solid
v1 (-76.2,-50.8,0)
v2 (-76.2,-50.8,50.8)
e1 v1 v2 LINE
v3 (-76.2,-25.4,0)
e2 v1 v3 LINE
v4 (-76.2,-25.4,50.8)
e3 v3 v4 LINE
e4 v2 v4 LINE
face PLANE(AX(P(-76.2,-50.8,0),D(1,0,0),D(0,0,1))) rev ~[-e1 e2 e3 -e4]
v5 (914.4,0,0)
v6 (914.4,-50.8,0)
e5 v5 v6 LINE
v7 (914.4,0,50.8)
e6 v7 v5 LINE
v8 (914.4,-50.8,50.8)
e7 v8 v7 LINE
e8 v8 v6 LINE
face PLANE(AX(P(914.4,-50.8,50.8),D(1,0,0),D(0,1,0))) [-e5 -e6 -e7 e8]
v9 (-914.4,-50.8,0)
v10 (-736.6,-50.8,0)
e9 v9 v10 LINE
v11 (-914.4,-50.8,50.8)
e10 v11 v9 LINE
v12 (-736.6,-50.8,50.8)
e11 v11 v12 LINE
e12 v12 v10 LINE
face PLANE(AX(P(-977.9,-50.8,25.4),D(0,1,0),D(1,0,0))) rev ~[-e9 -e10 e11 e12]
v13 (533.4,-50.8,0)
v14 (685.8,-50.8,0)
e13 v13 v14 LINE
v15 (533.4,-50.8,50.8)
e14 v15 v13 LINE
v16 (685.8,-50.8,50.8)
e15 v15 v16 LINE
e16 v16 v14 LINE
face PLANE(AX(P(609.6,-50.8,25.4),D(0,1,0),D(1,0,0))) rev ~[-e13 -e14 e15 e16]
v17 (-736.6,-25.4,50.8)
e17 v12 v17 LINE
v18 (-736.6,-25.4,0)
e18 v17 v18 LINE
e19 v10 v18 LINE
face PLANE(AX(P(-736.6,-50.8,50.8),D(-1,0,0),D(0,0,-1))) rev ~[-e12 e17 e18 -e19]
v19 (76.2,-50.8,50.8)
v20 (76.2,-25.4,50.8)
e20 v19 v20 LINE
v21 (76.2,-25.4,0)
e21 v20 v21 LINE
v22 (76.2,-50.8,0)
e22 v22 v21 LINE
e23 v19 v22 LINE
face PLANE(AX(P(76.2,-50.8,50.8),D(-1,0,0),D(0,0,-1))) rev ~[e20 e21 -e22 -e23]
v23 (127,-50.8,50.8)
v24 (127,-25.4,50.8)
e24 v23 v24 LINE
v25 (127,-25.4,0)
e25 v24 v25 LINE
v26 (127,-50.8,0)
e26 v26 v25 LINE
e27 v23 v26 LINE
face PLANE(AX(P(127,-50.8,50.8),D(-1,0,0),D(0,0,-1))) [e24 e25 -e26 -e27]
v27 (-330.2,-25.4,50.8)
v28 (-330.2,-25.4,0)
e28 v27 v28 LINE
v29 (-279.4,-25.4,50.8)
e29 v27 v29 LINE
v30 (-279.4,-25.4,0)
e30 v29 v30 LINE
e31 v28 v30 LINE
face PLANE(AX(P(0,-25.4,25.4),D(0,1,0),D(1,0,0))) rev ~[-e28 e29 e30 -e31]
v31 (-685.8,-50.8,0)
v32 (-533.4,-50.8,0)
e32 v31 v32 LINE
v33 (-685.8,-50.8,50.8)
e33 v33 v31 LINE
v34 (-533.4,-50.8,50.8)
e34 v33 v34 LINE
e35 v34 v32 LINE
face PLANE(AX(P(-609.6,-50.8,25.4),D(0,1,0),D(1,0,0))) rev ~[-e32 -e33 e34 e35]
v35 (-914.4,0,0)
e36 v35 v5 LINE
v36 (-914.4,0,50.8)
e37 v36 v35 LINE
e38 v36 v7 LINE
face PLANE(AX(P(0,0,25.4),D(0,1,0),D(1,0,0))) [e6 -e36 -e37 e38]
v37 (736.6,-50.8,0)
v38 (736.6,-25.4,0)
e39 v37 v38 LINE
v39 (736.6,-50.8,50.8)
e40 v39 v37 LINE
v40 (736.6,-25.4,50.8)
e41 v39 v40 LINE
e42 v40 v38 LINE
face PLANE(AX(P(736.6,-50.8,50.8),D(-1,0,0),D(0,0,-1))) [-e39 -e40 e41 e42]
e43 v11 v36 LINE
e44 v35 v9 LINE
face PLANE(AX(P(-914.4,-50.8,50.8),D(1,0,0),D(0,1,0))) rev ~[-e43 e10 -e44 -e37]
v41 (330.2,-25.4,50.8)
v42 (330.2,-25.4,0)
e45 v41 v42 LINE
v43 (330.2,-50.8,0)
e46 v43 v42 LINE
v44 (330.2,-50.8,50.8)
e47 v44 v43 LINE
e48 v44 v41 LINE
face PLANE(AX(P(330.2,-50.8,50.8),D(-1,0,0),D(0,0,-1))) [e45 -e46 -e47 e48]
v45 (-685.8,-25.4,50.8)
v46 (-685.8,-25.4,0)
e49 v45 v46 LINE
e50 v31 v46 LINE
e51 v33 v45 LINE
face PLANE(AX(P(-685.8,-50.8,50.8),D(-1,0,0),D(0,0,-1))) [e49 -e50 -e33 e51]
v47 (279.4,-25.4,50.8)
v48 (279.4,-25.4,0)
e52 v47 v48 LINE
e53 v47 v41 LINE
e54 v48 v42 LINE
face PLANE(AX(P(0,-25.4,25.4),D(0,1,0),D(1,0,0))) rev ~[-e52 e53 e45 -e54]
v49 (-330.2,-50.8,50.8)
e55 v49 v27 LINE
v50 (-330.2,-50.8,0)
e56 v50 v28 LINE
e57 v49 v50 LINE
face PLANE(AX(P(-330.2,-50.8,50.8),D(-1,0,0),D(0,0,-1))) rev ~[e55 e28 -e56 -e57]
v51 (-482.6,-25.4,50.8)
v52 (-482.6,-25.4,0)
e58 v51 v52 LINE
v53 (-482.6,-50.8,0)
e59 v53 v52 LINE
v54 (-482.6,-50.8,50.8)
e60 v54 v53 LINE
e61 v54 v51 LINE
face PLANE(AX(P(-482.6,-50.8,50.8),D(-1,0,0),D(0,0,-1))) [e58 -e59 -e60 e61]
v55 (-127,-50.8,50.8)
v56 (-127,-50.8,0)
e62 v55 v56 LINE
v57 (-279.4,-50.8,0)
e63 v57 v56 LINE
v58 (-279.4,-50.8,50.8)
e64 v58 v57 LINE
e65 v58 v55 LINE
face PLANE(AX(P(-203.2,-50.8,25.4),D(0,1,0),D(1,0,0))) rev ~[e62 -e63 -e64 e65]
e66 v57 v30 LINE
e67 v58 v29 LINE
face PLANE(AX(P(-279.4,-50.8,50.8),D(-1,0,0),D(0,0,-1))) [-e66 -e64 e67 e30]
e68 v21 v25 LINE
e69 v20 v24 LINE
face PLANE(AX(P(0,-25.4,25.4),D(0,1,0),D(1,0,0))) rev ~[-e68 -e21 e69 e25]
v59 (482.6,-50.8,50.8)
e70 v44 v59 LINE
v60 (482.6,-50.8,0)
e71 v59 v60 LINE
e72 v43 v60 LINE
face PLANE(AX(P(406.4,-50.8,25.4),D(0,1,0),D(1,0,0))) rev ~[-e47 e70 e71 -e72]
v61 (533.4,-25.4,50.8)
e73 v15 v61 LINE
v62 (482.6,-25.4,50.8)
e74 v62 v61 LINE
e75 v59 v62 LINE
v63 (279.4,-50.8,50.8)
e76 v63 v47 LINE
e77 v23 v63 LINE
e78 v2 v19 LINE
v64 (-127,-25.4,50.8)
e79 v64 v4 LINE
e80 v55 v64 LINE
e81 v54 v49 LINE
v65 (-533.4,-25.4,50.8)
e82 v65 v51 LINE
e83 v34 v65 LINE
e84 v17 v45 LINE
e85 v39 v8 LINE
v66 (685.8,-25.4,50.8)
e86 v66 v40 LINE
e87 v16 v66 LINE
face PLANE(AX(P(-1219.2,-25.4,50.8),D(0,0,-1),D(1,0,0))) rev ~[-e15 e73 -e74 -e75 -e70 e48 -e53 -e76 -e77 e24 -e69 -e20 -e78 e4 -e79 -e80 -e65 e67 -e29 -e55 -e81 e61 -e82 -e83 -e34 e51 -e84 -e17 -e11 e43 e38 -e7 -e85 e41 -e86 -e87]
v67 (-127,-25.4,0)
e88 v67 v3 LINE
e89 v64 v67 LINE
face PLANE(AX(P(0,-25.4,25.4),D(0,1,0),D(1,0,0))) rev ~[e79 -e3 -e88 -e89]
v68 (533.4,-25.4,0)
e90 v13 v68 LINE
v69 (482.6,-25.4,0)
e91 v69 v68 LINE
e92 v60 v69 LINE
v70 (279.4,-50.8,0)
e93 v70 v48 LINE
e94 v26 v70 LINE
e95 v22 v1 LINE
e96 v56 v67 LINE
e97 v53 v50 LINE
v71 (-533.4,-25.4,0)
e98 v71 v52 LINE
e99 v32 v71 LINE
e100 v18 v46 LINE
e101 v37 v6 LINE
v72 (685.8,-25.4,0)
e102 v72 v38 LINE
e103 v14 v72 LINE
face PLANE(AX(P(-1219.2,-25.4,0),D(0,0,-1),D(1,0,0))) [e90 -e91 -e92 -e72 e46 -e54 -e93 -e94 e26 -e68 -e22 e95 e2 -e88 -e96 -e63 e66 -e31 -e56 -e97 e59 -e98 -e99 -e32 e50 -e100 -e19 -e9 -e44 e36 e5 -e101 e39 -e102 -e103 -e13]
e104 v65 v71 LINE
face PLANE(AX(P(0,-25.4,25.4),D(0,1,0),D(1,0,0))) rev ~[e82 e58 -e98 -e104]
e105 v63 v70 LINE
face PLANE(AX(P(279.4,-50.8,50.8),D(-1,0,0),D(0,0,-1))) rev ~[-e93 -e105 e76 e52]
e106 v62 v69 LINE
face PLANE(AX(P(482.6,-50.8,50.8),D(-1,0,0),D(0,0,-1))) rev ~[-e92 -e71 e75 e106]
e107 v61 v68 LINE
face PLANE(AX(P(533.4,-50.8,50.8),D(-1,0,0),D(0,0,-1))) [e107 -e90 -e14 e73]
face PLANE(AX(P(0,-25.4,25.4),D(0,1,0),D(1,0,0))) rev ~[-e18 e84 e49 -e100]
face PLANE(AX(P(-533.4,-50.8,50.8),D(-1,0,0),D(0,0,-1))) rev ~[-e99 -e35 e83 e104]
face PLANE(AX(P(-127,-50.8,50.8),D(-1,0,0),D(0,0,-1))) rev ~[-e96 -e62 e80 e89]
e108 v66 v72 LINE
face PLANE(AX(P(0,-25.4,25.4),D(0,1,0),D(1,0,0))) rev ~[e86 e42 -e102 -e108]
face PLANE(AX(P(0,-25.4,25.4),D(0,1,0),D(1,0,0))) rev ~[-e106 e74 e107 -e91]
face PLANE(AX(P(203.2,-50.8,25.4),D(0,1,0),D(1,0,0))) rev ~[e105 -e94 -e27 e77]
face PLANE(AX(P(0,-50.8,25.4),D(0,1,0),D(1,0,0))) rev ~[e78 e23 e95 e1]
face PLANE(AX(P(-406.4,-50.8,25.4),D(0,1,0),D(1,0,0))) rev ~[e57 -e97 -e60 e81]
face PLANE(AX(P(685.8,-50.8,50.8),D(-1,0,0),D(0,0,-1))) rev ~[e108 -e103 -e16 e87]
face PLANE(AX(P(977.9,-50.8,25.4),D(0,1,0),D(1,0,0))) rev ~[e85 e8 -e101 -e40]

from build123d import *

# Parameters (mm, degrees)
F1_DEPTH = 25.4
F0_W     = 482.6
F0_H     = 50.8
F0_W_2   = 152.4
F2_W     = 2438.4
F2_H     = 50.8
F3_DEPTH = 25.4
F5_W     = 304.8
F5_H     = 50.8
F6_DEPTH = 63.5
F7_ANGLE = -90


with BuildPart() as f1:
    # F0 (on Top) → F1 (new body)
    with BuildSketch(Plane.XY):
        Polygon((-76.2, 0), (0, 0), (76.2, 0), (76.2, 50.8), (-76.2, 50.8), align=None)
    extrude(amount=F1_DEPTH)


with BuildPart() as f1b:
    # F0 (on Top) → F1, piece 2 (new body)
    with BuildSketch(Plane.XY):
        with Locations((-977.9, 25.4)):
            Rectangle(F0_W, F0_H)
    extrude(amount=F1_DEPTH)


with BuildPart() as f1c:
    # F0 (on Top) → F1, piece 3 (new body)
    with BuildSketch(Plane.XY):
        with Locations((977.9, 25.4)):
            Rectangle(F0_W, F0_H)
    extrude(amount=F1_DEPTH)


with BuildPart() as f1d:
    # F0 (on Top) → F1, piece 4 (new body)
    with BuildSketch(Plane.XY):
        with Locations((203.2, 25.4)):
            Rectangle(F0_W_2, F0_H)
    extrude(amount=F1_DEPTH)


with BuildPart() as f1e:
    # F0 (on Top) → F1, piece 5 (new body)
    with BuildSketch(Plane.XY):
        with Locations((406.4, 25.4)):
            Rectangle(F0_W_2, F0_H)
    extrude(amount=F1_DEPTH)


with BuildPart() as f1f:
    # F0 (on Top) → F1, piece 6 (new body)
    with BuildSketch(Plane.XY):
        with Locations((609.6, 25.4)):
            Rectangle(F0_W_2, F0_H)
    extrude(amount=F1_DEPTH)


with BuildPart() as f1g:
    # F0 (on Top) → F1, piece 7 (new body)
    with BuildSketch(Plane.XY):
        with Locations((-203.2, 25.4)):
            Rectangle(F0_W_2, F0_H)
    extrude(amount=F1_DEPTH)


with BuildPart() as f1h:
    # F0 (on Top) → F1, piece 8 (new body)
    with BuildSketch(Plane.XY):
        with Locations((-406.4, 25.4)):
            Rectangle(F0_W_2, F0_H)
    extrude(amount=F1_DEPTH)


with BuildPart() as f1i:
    # F0 (on Top) → F1, piece 9 (new body)
    with BuildSketch(Plane.XY):
        with Locations((-609.6, 25.4)):
            Rectangle(F0_W_2, F0_H)
    extrude(amount=F1_DEPTH)


with BuildPart() as f3:
    # F2 (on face) → F3 (new body)
    with BuildSketch(Plane.XY.offset(25.4)):
        with Locations((0, 25.4)):
            Rectangle(F2_W, F2_H)
    extrude(amount=F3_DEPTH)


with BuildPart() as f1b_1:
    add(f1b.part)

    # F4: union F1c, F1, F1d, F1e, F1f, F1g, F1h, F1i, F3
    add(f1c.part)
    add(f1.part)
    add(f1d.part)
    add(f1e.part)
    add(f1f.part)
    add(f1g.part)
    add(f1h.part)
    add(f1i.part)
    add(f3.part)

    # F5 (on face) → F6 (cut)
    with BuildSketch(Plane.XZ):
        with Locations((-1066.8, 25.4)):
            Rectangle(F5_W, F5_H)
        with Locations((1066.8, 25.4)):
            Rectangle(F5_W, F5_H)
    extrude(amount=-F6_DEPTH, mode=Mode.SUBTRACT)


with BuildPart() as f1b_2:
    # F7: moved
    add(f1b_1.part.rotate(Axis((0, 0, 50.8), (1, 0, 0)), F7_ANGLE))


solid = f1b_2.part
